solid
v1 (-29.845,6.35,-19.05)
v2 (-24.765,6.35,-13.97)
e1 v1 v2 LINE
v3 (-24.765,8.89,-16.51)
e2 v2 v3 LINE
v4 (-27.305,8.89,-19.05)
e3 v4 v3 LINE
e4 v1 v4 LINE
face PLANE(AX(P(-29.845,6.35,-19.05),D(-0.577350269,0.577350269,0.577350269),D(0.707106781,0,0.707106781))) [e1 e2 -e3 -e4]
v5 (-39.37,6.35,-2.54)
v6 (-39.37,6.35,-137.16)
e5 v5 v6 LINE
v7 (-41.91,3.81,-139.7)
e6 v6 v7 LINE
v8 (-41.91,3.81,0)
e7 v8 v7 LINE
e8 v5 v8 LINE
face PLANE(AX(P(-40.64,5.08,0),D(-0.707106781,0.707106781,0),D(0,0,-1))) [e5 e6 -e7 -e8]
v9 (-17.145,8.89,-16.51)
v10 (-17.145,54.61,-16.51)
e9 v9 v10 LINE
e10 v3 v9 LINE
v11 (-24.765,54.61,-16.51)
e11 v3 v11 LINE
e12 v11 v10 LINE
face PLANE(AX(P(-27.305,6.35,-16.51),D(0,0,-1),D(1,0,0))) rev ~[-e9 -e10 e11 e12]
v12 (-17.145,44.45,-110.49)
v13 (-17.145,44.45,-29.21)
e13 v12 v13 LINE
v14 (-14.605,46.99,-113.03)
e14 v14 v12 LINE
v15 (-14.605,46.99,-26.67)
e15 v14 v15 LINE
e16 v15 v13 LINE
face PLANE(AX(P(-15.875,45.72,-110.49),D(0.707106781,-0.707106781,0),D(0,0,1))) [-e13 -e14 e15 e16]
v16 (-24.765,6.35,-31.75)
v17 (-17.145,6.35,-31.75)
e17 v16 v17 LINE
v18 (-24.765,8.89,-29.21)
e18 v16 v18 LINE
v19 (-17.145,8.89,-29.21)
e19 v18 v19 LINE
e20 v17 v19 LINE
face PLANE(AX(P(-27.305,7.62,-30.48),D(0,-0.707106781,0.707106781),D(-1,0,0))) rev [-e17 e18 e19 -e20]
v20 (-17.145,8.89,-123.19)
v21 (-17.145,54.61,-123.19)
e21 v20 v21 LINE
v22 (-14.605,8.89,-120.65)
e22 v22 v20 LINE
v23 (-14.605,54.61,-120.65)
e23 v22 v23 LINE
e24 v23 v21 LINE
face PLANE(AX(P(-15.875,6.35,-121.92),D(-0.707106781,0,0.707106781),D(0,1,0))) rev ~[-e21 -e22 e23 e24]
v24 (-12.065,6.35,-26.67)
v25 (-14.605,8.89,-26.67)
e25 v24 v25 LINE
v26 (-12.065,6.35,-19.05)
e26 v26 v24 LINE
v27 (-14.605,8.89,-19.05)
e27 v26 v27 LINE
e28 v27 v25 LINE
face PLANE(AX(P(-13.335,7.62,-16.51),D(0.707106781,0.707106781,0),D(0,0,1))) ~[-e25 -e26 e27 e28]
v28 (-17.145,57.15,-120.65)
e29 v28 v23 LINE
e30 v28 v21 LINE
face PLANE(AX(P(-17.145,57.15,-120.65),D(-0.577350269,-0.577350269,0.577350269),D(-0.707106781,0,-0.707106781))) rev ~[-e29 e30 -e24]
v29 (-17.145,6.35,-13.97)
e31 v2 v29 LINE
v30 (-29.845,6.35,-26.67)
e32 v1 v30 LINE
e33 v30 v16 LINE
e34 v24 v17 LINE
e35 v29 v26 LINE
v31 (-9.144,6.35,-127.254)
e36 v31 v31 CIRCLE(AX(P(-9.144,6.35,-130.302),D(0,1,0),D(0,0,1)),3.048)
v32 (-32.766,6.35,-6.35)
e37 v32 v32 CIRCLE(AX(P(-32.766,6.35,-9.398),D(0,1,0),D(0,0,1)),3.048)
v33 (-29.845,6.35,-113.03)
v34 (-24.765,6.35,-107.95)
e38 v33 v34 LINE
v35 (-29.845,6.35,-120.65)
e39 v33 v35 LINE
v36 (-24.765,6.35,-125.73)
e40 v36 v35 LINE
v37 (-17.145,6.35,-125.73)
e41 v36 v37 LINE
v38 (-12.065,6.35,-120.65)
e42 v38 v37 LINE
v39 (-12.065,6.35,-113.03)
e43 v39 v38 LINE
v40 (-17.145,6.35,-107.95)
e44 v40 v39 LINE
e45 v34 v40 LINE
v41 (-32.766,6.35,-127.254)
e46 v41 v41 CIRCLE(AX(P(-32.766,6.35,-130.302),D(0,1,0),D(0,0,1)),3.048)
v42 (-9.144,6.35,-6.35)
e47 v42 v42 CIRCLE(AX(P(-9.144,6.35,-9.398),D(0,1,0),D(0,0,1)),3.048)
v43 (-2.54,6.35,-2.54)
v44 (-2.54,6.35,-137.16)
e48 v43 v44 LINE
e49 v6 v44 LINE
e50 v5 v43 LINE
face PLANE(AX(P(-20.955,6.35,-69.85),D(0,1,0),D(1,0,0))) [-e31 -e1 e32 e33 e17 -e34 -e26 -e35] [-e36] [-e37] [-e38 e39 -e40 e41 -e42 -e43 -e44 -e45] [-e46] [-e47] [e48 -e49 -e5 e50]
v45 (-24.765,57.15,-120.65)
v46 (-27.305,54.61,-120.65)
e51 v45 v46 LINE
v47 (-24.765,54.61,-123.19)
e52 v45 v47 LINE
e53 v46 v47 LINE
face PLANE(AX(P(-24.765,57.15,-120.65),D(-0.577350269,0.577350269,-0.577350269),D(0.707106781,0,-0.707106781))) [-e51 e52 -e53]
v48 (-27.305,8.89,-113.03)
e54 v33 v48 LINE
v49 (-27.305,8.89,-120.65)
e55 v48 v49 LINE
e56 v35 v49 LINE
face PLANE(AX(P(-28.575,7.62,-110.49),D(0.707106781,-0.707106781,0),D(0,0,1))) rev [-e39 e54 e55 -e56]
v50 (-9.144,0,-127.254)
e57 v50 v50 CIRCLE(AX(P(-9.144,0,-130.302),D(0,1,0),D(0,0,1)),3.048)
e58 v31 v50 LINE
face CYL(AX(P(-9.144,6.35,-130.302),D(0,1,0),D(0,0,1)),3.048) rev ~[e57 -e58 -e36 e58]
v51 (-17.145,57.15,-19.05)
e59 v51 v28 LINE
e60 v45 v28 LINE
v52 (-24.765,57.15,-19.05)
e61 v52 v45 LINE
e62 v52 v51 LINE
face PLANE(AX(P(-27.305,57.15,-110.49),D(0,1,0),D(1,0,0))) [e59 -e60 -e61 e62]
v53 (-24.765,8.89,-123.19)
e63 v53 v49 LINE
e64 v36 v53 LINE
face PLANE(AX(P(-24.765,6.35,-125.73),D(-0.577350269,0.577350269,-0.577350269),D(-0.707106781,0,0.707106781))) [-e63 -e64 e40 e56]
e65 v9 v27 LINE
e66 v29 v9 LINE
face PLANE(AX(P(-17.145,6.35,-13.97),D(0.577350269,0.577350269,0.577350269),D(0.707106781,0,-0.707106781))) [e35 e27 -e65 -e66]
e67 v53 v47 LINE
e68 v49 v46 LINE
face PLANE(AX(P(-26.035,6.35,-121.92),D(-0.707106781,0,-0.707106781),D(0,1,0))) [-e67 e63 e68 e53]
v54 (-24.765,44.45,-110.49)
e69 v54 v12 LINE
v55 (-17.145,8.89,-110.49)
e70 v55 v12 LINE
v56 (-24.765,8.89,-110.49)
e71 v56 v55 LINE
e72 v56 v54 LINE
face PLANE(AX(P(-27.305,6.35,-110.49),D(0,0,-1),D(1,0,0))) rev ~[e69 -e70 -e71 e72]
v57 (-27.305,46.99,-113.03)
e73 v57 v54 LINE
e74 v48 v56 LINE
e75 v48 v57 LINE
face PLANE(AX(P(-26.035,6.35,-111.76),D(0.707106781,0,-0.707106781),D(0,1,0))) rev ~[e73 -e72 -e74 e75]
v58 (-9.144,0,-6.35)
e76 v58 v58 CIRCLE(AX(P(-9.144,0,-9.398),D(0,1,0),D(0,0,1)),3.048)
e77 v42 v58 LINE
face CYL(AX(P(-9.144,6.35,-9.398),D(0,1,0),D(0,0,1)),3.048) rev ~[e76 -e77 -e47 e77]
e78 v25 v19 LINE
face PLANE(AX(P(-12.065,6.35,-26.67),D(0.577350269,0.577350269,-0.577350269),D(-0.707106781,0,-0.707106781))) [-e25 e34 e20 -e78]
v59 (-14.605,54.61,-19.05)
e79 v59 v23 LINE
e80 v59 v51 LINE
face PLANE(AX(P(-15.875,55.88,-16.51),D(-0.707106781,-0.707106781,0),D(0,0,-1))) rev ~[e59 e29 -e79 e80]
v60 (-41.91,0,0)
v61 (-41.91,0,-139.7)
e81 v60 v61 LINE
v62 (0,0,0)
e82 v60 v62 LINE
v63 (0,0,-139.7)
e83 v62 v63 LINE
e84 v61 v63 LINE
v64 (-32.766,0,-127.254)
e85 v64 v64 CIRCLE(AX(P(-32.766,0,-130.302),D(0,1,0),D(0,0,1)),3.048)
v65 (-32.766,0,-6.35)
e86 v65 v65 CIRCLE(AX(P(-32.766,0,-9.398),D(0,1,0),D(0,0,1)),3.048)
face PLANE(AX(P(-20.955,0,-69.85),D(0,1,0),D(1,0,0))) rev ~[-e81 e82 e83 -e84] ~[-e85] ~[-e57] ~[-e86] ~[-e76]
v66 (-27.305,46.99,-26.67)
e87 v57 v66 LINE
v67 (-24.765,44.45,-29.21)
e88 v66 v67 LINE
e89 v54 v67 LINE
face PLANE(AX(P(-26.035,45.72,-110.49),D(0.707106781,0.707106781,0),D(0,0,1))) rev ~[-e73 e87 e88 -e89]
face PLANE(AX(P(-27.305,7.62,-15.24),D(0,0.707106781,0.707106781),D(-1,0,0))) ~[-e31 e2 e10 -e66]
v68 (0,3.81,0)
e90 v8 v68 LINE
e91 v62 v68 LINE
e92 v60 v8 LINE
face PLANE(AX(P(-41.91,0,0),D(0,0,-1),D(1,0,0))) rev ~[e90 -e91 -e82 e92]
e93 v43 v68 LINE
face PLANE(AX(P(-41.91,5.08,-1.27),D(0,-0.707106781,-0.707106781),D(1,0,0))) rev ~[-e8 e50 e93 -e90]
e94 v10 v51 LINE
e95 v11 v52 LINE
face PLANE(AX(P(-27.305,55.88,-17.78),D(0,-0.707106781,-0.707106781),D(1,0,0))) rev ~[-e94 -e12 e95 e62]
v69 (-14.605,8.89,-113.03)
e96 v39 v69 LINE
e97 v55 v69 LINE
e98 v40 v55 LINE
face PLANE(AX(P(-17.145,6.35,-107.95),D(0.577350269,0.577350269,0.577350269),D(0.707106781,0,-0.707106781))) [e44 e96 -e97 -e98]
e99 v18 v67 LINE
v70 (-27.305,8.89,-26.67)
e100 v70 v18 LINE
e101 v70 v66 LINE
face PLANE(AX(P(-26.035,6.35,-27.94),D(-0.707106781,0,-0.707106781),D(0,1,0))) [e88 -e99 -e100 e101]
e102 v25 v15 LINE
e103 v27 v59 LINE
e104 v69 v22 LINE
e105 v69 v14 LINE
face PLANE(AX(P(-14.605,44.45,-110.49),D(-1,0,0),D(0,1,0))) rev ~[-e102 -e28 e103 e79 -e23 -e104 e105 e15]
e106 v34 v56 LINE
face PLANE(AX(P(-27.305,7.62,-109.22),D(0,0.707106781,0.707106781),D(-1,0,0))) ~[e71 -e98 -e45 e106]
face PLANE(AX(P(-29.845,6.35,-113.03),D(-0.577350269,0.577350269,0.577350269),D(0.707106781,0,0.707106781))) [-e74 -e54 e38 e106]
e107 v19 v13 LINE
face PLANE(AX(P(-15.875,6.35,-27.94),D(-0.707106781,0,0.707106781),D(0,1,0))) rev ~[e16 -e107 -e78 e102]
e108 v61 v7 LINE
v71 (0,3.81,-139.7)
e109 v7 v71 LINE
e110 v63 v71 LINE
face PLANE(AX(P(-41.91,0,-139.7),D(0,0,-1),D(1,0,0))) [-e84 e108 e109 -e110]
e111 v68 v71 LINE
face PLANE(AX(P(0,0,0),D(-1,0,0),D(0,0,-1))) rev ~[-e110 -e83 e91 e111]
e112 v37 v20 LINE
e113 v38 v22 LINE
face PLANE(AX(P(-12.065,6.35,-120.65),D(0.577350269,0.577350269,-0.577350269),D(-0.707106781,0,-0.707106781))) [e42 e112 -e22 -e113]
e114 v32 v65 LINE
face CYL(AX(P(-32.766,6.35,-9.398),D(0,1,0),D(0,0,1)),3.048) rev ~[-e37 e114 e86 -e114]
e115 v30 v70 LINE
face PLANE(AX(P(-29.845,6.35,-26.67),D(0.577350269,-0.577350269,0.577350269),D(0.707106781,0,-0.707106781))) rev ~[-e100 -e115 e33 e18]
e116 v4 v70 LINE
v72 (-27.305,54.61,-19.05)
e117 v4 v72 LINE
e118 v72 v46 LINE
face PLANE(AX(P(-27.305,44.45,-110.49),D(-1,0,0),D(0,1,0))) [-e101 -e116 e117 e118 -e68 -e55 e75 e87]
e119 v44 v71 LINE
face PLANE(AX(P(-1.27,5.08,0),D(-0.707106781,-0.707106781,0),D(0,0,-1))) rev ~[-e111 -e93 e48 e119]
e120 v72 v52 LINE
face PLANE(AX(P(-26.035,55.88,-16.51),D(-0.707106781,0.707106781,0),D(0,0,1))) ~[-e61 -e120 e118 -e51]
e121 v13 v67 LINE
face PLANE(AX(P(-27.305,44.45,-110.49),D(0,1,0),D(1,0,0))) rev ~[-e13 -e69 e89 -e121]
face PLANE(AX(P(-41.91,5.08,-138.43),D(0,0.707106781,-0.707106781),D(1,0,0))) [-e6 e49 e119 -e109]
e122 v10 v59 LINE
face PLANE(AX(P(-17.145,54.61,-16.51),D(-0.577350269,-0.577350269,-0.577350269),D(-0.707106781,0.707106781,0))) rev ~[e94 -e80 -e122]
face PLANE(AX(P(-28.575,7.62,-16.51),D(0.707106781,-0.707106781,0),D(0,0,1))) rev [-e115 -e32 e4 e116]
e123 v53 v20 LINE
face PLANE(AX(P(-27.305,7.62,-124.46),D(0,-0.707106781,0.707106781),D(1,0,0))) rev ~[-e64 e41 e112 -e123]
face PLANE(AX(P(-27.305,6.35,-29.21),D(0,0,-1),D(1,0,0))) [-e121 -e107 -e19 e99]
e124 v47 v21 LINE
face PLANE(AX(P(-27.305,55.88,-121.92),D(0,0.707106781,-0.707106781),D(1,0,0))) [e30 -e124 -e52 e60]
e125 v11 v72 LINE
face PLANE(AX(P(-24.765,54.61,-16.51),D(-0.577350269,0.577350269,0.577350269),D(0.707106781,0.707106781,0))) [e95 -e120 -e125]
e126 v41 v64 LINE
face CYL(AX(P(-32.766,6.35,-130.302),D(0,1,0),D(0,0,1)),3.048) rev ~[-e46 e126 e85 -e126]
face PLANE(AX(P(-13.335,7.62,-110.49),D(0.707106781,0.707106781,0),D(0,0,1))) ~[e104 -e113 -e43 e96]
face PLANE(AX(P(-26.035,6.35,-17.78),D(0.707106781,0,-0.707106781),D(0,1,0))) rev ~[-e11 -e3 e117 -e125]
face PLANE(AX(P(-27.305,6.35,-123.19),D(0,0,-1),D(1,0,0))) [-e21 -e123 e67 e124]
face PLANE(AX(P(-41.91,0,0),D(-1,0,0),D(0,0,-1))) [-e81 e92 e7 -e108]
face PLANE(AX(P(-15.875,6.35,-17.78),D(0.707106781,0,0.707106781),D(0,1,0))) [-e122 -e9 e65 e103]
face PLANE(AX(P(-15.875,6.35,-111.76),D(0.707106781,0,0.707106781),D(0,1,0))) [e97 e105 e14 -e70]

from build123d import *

# Parameters (mm, degrees)
SKETCH1_W           = 41.91
SKETCH1_H           = 139.7
BOSS_EXTRUDE1_DEPTH = 6.35
SKETCH2_R           = 3.048
CUT_EXTRUDE1_DEPTH  = 146.989248234
SKETCH3_W           = 12.7
SKETCH3_H           = 12.7
BOSS_EXTRUDE2_DEPTH = 50.8
BOSS_EXTRUDE3_REACH = 133.265
SKETCH4_W           = 12.7
SKETCH4_H           = 12.7
CHAMFER1_SIZE       = 2.54


with BuildPart() as part:
    # Sketch1 → Boss-Extrude1 (new body)
    with BuildSketch(Plane(origin=(0, 0, 0), x_dir=(1, 0, 0), z_dir=(0, 1, 0))):
        with Locations((-20.955, 69.85)):
            Rectangle(SKETCH1_W, SKETCH1_H)
    extrude(amount=BOSS_EXTRUDE1_DEPTH)

    # Sketch2 → Cut-Extrude1 (cut, through all)
    with BuildSketch(Plane(origin=(0, 6.35, 0), x_dir=(1, 0, 0), z_dir=(0, 1, 0))):
        with Locations(Location((-32.766, 130.302, 0), (0, 0, 270))):
            Circle(SKETCH2_R)
        with Locations(Location((-9.144, 130.302, 0), (0, 0, 270))):
            Circle(SKETCH2_R)
        with Locations(Location((-9.144, 9.398, 0), (0, 0, 270))):
            Circle(SKETCH2_R)
        with Locations(Location((-32.766, 9.398, 0), (0, 0, 270))):
            Circle(SKETCH2_R)
    extrude(amount=-CUT_EXTRUDE1_DEPTH, mode=Mode.SUBTRACT)

    # Sketch3 → Boss-Extrude2 (add)
    with BuildSketch(Plane(origin=(0, 6.35, 0), x_dir=(1, 0, 0), z_dir=(0, 1, 0))):
        with Locations((-20.955, 116.84)):
            Rectangle(SKETCH3_W, SKETCH3_H)
        with Locations((-20.955, 22.86)):
            Rectangle(SKETCH3_W, SKETCH3_H)
    extrude(amount=BOSS_EXTRUDE2_DEPTH)

    # Sketch4 → Boss-Extrude3 (add, up to next)
    with BuildSketch(Plane.XY.offset(-110.49), mode=Mode.PRIVATE) as boss_extrude3_sk1:
        with Locations((-20.955, 50.8)):
            Rectangle(SKETCH4_W, SKETCH4_H)
    boss_extrude3_tool1 = extrude(boss_extrude3_sk1.sketch, amount=BOSS_EXTRUDE3_REACH, mode=Mode.PRIVATE) - part.part
    add(boss_extrude3_tool1.solids().sort_by_distance((-20.955, 50.8, -110.49))[0])

    # Chamfer1
    chamfer1_edges = [part.edges().sort_by_distance(p)[0] for p in [
        (-41.91, 6.35, -69.85),
        (-20.955, 6.35, 0),
        (-27.305, 6.35, -116.84),
        (-27.305, 31.75, -123.19),
        (-20.955, 6.35, -110.49),
        (-14.605, 6.35, -116.84),
        (-20.955, 6.35, -123.19),
        (-14.605, 31.75, -123.19),
        (-27.305, 57.15, -69.85),
        (-14.605, 57.15, -69.85),
        (-20.955, 57.15, -123.19),
        (-27.305, 6.35, -22.86),
        (-20.955, 6.35, -16.51),
        (-27.305, 31.75, -16.51),
        (-14.605, 6.35, -22.86),
        (-14.605, 31.75, -16.51),
        (-20.955, 6.35, -29.21),
        (-20.955, 57.15, -16.51),
        (0, 6.35, -69.85),
        (-14.605, 25.4, -29.21),
        (-14.605, 25.4, -110.49),
        (-27.305, 25.4, -110.49),
        (-27.305, 25.4, -29.21),
        (-27.305, 44.45, -69.85),
        (-14.605, 44.45, -69.85),
        (-20.955, 6.35, -139.7),
    ]]
    chamfer(chamfer1_edges, length=CHAMFER1_SIZE)


solid = part.part
